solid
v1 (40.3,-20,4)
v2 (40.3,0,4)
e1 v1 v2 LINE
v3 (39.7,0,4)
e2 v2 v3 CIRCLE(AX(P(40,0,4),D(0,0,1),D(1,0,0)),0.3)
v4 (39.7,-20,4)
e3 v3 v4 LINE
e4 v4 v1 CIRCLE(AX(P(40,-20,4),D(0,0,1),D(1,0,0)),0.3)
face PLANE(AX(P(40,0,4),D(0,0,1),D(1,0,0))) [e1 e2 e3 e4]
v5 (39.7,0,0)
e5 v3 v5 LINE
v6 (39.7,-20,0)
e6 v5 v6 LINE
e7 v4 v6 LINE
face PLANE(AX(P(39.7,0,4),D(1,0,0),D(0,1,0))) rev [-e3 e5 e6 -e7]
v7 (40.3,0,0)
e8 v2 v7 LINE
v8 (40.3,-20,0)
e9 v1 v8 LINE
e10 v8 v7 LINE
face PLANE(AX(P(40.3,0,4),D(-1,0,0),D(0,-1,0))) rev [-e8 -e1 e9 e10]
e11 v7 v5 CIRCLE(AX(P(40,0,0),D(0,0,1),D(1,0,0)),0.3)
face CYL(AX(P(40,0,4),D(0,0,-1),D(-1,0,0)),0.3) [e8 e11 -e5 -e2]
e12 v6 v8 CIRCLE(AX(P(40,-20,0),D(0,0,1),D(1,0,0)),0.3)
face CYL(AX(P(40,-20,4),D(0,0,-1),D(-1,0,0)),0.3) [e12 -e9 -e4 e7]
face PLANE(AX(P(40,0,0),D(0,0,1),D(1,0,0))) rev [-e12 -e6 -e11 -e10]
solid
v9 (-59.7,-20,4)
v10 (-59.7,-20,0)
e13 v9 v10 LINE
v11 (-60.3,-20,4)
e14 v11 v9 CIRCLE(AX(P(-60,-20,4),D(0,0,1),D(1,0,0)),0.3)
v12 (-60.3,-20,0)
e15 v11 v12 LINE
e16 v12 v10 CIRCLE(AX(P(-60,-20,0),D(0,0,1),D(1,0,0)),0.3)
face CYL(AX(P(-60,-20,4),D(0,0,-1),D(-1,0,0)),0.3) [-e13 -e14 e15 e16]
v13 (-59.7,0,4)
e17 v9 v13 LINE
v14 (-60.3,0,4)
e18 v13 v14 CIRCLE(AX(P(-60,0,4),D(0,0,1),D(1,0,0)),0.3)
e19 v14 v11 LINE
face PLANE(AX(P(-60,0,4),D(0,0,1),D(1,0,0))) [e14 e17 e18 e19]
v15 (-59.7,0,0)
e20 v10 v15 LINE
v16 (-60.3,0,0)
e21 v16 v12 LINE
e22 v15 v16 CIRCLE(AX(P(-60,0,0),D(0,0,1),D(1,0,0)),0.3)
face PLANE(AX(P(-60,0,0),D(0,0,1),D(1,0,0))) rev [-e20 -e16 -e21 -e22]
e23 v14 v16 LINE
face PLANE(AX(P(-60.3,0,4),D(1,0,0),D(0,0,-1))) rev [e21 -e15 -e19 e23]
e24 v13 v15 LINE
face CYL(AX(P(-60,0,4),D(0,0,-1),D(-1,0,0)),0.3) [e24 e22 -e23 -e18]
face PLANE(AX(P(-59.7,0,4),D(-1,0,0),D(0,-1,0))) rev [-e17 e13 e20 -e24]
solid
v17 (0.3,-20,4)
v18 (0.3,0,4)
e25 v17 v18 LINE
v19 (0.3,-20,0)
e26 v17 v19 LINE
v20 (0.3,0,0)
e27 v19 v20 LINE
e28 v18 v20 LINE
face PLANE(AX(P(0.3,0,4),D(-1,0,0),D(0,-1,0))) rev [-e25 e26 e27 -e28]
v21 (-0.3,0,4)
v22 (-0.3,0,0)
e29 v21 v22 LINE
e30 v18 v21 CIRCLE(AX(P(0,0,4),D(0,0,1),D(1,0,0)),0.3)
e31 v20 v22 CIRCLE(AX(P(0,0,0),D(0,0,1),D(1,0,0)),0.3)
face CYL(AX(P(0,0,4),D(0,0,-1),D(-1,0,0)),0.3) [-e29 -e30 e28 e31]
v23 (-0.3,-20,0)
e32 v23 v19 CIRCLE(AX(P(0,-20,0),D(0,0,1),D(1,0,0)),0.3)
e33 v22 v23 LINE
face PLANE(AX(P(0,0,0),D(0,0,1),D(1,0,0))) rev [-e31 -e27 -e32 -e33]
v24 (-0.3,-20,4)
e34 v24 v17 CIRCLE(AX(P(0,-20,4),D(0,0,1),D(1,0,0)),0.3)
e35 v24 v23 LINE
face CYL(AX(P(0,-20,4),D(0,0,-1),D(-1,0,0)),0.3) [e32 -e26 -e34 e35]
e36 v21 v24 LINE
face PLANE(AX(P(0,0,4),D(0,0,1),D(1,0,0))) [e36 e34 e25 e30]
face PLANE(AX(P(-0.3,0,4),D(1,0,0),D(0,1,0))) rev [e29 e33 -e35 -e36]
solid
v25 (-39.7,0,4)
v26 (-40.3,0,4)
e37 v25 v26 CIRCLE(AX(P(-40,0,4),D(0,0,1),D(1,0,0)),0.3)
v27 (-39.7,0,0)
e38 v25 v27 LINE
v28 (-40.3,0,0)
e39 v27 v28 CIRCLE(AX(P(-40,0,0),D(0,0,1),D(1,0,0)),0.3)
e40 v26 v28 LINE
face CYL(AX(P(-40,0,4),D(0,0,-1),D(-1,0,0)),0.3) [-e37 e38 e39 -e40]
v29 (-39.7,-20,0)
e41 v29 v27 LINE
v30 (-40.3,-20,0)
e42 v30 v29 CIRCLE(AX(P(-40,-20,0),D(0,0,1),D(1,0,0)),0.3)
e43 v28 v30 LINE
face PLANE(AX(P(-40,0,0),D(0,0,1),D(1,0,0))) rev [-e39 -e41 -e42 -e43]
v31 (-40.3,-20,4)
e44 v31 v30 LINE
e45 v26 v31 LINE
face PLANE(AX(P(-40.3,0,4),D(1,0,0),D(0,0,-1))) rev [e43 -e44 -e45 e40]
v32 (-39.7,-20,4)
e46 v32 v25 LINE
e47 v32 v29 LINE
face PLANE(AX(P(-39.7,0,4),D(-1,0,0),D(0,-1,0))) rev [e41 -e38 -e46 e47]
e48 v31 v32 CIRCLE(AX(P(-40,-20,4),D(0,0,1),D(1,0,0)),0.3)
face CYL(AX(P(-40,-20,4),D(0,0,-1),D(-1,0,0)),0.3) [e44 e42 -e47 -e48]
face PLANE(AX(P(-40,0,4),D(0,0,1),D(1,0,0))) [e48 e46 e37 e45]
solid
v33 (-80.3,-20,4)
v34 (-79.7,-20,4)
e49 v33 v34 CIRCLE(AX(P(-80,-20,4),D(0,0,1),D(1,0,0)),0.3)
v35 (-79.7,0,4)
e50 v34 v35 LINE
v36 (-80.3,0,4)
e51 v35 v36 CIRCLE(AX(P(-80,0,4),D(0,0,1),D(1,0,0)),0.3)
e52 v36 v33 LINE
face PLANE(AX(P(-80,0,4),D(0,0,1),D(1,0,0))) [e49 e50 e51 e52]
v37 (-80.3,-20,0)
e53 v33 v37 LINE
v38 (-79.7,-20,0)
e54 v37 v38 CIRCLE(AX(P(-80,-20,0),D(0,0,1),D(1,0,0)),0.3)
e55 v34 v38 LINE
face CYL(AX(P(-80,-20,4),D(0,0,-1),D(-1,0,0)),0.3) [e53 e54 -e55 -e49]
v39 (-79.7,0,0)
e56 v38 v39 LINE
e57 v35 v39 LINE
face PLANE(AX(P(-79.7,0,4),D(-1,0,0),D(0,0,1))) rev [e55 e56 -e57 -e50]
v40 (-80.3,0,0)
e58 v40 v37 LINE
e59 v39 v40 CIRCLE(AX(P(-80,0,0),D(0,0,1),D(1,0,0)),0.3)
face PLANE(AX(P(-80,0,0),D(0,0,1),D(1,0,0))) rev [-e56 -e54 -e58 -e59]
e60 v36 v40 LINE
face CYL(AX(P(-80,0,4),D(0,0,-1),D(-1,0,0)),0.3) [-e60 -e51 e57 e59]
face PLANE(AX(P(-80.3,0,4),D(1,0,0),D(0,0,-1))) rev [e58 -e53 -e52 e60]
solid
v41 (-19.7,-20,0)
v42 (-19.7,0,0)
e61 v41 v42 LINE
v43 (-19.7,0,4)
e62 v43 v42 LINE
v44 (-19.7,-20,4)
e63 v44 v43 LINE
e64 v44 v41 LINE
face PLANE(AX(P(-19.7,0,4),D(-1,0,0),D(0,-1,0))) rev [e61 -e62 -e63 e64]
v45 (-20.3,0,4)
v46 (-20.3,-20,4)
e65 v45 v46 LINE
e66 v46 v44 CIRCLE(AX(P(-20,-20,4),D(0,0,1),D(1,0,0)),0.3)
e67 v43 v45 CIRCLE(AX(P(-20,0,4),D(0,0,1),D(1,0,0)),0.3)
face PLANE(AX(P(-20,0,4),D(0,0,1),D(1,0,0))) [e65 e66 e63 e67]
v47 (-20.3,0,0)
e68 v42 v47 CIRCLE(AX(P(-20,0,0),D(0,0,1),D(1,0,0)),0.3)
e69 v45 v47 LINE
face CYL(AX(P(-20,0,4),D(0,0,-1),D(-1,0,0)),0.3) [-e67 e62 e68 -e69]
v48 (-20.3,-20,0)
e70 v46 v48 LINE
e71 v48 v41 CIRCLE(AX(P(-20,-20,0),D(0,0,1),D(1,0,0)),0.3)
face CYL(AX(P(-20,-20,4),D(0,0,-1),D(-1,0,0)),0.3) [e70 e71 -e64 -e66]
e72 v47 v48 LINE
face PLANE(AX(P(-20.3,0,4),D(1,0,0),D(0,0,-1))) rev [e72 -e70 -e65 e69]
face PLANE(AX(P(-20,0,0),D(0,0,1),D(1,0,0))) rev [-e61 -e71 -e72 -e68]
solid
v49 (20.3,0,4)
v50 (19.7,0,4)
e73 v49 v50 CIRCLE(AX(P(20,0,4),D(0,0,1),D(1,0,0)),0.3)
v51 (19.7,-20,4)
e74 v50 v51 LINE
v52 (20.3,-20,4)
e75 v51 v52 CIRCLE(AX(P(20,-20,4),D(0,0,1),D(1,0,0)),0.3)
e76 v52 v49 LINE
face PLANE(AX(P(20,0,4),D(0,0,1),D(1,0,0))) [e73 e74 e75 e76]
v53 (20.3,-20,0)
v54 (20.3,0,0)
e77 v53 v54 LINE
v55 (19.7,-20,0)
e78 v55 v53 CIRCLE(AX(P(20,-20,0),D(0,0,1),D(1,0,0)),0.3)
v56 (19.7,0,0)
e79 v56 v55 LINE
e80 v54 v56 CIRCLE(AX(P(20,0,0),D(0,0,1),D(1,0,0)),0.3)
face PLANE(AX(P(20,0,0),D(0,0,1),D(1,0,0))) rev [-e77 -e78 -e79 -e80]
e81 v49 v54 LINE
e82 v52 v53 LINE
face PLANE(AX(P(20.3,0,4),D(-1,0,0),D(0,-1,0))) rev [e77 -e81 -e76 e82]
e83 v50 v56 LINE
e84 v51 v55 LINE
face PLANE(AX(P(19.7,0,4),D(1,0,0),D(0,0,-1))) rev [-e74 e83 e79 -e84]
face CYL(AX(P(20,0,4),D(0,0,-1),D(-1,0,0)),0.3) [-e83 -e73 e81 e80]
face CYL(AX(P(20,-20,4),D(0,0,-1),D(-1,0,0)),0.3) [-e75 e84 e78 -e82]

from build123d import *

# Parameters (mm, degrees)
BOSS_EXTRUDE1_DEPTH   = 4
BOSS_EXTRUDE1_2_DEPTH = 4
BOSS_EXTRUDE1_3_DEPTH = 4
BOSS_EXTRUDE1_4_DEPTH = 4
BOSS_EXTRUDE1_5_DEPTH = 4
BOSS_EXTRUDE1_6_DEPTH = 4
BOSS_EXTRUDE1_7_DEPTH = 4


with BuildPart() as part:
    # Sketch1 → Boss-Extrude1 (new body)
    with BuildSketch(Plane.XY):
        with BuildLine():
            Line((0.3, 0), (0.3, -20))
            ThreePointArc((0.3, -20), (0, -20.3), (-0.3, -20))
            Line((-0.3, -20), (-0.3, 0))
            ThreePointArc((-0.3, 0), (0, 0.3), (0.3, 0))
        make_face()
    extrude(amount=BOSS_EXTRUDE1_DEPTH)


with BuildPart() as body_2:
    # Sketch1 → Boss-Extrude1 2 (new body)
    with BuildSketch(Plane.XY):
        with BuildLine():
            Line((40.3, 0), (40.3, -20))
            ThreePointArc((40.3, -20), (40, -20.3), (39.7, -20))
            Line((39.7, -20), (39.7, 0))
            ThreePointArc((39.7, 0), (40, 0.3), (40.3, 0))
        make_face()
    extrude(amount=BOSS_EXTRUDE1_2_DEPTH)


with BuildPart() as body_3:
    # Sketch1 → Boss-Extrude1 3 (new body)
    with BuildSketch(Plane.XY):
        with BuildLine():
            Line((20.3, 0), (20.3, -20))
            ThreePointArc((20.3, -20), (20, -20.3), (19.7, -20))
            Line((19.7, -20), (19.7, 0))
            ThreePointArc((19.7, 0), (20, 0.3), (20.3, 0))
        make_face()
    extrude(amount=BOSS_EXTRUDE1_3_DEPTH)


with BuildPart() as body_4:
    # Sketch1 → Boss-Extrude1 4 (new body)
    with BuildSketch(Plane.XY):
        with BuildLine():
            Line((-19.7, 0), (-19.7, -20))
            ThreePointArc((-19.7, -20), (-20, -20.3), (-20.3, -20))
            Line((-20.3, -20), (-20.3, 0))
            ThreePointArc((-20.3, 0), (-20, 0.3), (-19.7, 0))
        make_face()
    extrude(amount=BOSS_EXTRUDE1_4_DEPTH)


with BuildPart() as body_5:
    # Sketch1 → Boss-Extrude1 5 (new body)
    with BuildSketch(Plane.XY):
        with BuildLine():
            Line((-39.7, 0), (-39.7, -20))
            ThreePointArc((-39.7, -20), (-40, -20.3), (-40.3, -20))
            Line((-40.3, -20), (-40.3, 0))
            ThreePointArc((-40.3, 0), (-40, 0.3), (-39.7, 0))
        make_face()
    extrude(amount=BOSS_EXTRUDE1_5_DEPTH)


with BuildPart() as body_6:
    # Sketch1 → Boss-Extrude1 6 (new body)
    with BuildSketch(Plane.XY):
        with BuildLine():
            Line((-59.7, 0), (-59.7, -20))
            ThreePointArc((-59.7, -20), (-60, -20.3), (-60.3, -20))
            Line((-60.3, -20), (-60.3, 0))
            ThreePointArc((-60.3, 0), (-60, 0.3), (-59.7, 0))
        make_face()
    extrude(amount=BOSS_EXTRUDE1_6_DEPTH)


with BuildPart() as body_7:
    # Sketch1 → Boss-Extrude1 7 (new body)
    with BuildSketch(Plane.XY):
        with BuildLine():
            Line((-79.7, 0), (-79.7, -20))
            ThreePointArc((-79.7, -20), (-80, -20.3), (-80.3, -20))
            Line((-80.3, -20), (-80.3, 0))
            ThreePointArc((-80.3, 0), (-80, 0.3), (-79.7, 0))
        make_face()
    extrude(amount=BOSS_EXTRUDE1_7_DEPTH)


solid = Compound([part.part, body_2.part, body_3.part, body_4.part, body_5.part, body_6.part, body_7.part])
